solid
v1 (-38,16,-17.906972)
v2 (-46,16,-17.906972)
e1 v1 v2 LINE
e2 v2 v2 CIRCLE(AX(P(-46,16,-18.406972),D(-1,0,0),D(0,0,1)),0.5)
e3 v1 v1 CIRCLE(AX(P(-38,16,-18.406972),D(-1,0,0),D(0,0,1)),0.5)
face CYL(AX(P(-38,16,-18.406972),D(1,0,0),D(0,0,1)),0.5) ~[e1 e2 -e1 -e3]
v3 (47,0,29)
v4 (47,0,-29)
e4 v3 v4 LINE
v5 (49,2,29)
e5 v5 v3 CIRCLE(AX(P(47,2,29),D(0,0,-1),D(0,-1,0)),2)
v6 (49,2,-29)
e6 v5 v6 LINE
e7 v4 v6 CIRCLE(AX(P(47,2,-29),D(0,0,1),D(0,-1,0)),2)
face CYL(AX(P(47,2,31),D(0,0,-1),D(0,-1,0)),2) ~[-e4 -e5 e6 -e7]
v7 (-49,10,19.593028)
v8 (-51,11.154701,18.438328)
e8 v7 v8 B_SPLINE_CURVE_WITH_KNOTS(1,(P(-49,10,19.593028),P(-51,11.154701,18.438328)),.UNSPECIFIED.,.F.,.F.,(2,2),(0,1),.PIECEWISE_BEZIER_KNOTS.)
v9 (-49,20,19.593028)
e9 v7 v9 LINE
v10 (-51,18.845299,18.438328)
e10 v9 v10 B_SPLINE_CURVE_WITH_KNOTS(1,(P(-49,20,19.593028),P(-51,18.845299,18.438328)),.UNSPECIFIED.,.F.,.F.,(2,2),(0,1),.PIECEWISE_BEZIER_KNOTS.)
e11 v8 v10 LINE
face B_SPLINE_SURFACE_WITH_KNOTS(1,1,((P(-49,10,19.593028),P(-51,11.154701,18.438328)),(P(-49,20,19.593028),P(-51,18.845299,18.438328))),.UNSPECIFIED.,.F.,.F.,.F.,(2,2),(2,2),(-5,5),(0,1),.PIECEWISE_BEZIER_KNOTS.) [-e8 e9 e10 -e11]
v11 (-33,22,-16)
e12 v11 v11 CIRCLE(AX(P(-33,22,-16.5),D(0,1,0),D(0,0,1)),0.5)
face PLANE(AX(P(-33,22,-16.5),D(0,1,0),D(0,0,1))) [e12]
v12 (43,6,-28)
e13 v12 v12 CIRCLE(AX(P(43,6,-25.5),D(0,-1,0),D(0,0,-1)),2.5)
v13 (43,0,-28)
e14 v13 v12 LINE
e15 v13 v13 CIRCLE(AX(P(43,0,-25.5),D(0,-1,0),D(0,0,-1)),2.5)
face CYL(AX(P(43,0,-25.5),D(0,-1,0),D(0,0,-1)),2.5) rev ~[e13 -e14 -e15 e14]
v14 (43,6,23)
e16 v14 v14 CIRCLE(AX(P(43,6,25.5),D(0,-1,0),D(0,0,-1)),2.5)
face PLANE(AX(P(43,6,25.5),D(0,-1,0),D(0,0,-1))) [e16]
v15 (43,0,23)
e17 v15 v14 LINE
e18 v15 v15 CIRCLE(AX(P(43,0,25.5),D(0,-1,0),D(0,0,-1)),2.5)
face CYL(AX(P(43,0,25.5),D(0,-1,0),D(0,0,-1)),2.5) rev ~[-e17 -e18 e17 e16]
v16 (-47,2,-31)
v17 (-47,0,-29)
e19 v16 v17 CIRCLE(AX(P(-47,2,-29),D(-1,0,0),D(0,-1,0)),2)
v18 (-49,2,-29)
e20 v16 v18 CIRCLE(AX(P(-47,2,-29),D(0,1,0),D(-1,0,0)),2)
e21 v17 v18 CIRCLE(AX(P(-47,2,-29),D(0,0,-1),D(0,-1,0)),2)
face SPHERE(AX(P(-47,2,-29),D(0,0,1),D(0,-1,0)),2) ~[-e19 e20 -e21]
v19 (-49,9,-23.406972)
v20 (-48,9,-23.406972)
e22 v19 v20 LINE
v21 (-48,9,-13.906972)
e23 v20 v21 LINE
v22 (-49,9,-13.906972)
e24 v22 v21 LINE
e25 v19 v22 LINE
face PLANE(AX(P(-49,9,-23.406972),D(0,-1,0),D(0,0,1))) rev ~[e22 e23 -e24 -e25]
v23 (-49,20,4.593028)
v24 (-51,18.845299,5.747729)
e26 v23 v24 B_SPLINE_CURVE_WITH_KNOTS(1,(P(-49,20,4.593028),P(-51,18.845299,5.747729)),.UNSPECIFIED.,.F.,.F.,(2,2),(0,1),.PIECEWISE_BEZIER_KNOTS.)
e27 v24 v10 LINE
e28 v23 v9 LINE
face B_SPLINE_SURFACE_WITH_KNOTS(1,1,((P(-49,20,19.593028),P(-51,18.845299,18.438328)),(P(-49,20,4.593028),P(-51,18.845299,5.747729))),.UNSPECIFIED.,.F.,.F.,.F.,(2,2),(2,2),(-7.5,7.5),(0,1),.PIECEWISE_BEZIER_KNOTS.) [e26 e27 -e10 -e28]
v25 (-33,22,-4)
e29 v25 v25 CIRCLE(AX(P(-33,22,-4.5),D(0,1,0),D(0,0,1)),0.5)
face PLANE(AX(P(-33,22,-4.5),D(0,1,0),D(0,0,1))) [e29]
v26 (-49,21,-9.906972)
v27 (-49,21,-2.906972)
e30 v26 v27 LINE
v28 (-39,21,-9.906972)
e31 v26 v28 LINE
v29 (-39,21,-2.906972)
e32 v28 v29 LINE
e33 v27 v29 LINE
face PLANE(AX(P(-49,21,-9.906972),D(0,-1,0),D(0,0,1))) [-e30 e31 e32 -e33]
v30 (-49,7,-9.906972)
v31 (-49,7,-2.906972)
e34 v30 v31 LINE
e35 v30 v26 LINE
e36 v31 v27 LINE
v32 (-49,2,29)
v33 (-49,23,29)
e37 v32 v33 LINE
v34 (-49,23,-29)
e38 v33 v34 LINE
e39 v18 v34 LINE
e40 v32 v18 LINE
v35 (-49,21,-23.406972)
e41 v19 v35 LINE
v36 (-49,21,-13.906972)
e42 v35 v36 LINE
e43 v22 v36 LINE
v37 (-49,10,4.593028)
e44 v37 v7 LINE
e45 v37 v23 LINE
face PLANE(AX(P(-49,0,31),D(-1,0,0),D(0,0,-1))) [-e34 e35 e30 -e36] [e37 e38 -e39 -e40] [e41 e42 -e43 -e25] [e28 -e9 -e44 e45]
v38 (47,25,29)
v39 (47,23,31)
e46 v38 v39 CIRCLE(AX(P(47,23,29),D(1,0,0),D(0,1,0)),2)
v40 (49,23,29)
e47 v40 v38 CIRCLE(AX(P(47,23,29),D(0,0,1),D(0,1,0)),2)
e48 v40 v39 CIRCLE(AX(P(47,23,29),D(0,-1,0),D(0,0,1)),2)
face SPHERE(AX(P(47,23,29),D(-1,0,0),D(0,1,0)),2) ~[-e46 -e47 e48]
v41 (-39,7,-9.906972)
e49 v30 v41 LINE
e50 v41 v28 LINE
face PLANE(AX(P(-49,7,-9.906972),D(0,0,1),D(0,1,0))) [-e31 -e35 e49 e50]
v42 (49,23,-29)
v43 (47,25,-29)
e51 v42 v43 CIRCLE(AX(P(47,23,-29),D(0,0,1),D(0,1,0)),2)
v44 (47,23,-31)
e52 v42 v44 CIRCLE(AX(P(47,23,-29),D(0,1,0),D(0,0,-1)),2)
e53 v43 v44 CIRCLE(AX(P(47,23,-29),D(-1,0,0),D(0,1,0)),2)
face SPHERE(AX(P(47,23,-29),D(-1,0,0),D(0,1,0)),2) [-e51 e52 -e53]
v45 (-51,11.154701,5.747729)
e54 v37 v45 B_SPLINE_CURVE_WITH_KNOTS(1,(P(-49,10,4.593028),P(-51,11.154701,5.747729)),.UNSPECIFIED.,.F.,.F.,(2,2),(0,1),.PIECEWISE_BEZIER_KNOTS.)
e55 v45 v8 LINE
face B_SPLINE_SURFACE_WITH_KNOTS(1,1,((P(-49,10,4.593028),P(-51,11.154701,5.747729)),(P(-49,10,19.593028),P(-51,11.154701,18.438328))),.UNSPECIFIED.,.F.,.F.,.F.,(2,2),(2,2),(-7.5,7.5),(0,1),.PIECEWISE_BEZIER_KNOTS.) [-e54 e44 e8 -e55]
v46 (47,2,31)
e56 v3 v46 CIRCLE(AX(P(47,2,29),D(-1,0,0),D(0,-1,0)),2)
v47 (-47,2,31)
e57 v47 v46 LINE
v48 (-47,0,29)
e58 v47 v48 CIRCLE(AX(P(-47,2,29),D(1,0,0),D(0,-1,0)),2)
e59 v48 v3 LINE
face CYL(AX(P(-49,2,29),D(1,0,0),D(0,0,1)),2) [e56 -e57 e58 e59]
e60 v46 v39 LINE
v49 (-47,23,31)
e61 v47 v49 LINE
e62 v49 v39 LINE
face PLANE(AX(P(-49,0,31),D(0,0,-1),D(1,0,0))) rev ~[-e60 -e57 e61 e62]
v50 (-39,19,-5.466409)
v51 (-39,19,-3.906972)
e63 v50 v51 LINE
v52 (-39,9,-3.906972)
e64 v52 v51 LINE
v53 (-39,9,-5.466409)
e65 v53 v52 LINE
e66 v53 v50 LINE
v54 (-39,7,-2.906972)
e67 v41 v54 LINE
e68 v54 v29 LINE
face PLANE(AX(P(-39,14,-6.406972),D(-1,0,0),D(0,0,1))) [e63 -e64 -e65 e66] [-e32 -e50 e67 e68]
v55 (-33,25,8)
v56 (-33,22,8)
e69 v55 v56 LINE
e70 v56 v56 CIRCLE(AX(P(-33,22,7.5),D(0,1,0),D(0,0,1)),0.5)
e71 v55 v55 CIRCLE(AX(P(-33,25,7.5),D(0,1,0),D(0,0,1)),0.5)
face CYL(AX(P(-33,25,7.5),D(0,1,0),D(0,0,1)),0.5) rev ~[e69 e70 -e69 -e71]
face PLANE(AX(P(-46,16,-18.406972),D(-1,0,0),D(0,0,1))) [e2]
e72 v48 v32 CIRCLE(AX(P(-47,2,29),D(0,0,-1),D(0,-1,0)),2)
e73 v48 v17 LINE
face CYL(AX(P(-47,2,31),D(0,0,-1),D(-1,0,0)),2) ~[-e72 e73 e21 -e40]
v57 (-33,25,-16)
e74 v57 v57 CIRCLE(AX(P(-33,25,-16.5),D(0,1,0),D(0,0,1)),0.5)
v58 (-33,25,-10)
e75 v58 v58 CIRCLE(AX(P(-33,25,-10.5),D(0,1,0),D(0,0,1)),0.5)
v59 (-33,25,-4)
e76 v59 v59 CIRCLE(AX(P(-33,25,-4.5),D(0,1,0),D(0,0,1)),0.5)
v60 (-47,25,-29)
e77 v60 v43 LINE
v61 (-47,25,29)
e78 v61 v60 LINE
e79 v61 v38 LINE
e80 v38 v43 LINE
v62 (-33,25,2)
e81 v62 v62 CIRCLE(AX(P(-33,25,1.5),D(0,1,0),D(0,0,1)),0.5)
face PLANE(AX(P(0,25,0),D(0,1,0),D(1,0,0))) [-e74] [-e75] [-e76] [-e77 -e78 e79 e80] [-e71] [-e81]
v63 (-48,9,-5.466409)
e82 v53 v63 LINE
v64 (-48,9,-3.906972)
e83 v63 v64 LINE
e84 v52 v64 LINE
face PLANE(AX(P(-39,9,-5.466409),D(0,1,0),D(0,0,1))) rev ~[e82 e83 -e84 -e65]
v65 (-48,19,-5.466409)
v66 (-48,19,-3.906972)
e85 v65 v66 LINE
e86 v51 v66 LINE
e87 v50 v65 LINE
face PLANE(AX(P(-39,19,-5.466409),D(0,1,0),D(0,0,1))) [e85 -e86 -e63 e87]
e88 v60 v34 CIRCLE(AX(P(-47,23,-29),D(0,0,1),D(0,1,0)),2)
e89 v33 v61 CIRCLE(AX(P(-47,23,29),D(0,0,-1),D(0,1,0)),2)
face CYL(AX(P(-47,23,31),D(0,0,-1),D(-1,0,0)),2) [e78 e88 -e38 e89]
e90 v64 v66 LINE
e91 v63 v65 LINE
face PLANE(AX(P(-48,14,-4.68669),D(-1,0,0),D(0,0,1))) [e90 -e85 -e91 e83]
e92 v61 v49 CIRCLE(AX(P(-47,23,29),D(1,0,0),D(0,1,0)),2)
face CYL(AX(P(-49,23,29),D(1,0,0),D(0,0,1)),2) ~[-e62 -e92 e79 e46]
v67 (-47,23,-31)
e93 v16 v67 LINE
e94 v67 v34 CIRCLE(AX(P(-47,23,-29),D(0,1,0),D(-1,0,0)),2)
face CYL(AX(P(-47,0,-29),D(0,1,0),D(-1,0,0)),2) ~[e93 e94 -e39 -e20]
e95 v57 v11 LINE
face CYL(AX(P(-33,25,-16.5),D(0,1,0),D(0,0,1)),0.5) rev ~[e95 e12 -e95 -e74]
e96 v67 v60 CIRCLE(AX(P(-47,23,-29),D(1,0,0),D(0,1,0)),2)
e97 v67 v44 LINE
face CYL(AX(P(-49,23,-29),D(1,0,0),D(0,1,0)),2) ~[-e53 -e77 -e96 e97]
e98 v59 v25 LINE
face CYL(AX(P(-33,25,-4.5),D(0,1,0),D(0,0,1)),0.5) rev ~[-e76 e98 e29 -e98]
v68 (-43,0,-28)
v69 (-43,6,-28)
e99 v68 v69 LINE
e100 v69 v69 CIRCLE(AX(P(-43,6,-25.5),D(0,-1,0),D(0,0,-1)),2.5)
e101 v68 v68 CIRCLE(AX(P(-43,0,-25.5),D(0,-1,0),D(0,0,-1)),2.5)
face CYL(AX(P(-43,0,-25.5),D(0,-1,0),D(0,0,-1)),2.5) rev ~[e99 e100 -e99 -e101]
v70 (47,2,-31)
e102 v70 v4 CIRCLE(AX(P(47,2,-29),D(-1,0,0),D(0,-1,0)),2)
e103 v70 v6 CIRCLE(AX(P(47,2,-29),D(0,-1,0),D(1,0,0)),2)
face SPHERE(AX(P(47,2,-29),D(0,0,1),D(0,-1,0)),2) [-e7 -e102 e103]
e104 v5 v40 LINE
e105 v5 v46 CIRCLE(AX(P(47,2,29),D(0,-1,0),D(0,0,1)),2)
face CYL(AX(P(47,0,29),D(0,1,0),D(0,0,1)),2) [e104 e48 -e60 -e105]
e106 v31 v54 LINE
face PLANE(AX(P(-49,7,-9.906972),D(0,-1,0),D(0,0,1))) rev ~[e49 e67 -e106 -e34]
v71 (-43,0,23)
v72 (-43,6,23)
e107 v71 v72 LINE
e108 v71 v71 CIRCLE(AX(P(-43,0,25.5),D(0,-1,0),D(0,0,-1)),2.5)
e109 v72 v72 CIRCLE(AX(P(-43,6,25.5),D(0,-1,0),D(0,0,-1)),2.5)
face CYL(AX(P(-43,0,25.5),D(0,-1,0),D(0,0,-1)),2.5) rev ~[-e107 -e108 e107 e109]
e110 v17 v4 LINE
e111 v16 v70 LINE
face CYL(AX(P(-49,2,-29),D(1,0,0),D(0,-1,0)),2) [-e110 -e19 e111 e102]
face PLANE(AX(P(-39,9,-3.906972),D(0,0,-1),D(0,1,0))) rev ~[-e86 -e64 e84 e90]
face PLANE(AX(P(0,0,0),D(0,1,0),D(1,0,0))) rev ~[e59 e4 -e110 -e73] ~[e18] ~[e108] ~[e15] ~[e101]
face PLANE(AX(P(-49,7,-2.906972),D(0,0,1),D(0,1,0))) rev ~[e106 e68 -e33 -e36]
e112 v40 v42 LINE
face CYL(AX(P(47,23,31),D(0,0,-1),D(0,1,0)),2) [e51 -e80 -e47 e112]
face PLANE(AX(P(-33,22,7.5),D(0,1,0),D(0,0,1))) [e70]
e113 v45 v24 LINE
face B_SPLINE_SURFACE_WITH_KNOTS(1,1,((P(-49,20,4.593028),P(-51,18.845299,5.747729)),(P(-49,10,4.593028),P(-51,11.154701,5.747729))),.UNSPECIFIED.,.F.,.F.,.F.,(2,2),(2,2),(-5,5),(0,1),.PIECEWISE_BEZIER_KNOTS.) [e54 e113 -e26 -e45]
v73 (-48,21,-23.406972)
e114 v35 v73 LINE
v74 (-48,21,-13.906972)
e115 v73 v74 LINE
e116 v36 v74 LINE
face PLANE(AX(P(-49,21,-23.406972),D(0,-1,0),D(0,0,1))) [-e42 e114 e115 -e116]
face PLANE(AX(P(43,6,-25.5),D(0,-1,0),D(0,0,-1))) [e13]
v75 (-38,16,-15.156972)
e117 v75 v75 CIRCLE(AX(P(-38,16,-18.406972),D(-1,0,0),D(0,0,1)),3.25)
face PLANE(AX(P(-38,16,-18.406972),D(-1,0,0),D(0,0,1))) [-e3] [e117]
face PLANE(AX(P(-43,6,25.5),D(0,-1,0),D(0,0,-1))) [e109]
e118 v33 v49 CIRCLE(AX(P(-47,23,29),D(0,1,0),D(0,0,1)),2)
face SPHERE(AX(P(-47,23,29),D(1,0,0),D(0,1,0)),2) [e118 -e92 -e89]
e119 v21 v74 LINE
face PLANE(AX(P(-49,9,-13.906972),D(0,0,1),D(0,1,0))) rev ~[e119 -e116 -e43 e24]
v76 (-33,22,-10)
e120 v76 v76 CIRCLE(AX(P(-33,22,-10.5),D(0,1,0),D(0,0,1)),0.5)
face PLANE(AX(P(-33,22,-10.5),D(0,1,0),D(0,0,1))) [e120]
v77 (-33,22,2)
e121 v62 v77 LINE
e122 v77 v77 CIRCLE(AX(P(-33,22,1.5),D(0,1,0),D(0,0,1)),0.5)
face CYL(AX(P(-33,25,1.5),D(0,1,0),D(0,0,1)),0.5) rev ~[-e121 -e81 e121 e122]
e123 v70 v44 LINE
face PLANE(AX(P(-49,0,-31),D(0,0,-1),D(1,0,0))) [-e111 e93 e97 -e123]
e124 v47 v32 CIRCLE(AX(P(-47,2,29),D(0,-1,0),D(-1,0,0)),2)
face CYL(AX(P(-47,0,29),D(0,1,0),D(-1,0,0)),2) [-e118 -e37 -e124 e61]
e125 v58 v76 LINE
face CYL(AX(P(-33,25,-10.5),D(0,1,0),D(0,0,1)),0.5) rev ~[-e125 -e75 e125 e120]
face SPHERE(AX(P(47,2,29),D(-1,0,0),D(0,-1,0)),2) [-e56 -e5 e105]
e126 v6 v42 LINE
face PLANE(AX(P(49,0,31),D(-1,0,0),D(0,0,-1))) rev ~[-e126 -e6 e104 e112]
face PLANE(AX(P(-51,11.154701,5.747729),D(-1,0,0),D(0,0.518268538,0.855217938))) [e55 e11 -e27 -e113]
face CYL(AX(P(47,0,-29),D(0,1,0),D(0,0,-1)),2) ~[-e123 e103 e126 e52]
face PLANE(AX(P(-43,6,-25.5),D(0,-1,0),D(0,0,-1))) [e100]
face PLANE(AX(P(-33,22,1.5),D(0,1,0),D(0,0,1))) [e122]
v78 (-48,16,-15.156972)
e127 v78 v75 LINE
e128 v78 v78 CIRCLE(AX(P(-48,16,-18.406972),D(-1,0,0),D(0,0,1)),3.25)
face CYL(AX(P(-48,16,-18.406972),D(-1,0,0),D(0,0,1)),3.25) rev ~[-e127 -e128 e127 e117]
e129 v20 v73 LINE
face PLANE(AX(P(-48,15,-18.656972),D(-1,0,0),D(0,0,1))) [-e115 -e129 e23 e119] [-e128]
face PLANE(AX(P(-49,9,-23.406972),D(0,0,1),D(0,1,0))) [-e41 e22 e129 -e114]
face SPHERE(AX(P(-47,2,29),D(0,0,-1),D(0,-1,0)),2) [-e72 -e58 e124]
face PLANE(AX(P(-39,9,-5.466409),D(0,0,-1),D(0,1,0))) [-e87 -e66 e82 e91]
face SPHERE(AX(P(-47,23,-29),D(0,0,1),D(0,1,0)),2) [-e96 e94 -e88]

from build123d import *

# Parameters (mm, degrees)
SKETCH2_W           = 98
SKETCH2_H           = 62
BOSS_EXTRUDE1_DEPTH = 25
SKETCH3_W           = 9.5
SKETCH3_H           = 12
BOSS_EXTRUDE4_DEPTH = 1
SKETCH3_5_W         = 9.5
SKETCH3_5_H         = 12
CUT_EXTRUDE1_DEPTH  = 1
SKETCH4_R           = 3.25
CUT_EXTRUDE2_DEPTH  = 10
SKETCH5_R           = 0.5
BOSS_EXTRUDE5_DEPTH = 8
SKETCH6_W           = 7
SKETCH6_H           = 14
CUT_EXTRUDE9_DEPTH  = 10
SKETCH7_W           = 1.559437484
SKETCH7_H           = 10
BOSS_EXTRUDE6_DEPTH = 9
SKETCH8_W           = 15
SKETCH8_H           = 10
BOSS_EXTRUDE7_DEPTH = 2
BOSS_EXTRUDE7_TAPER = 30
FILLET5_R           = 2
SKETCH10_R          = 2.5
CUT_EXTRUDE10_DEPTH = 6
SKETCH11_R          = 0.5
CUT_EXTRUDE11_DEPTH = 3


with BuildPart() as part:
    # Sketch2 → Boss-Extrude1 (new body)
    with BuildSketch(Plane(origin=(0, 0, 0), x_dir=(1, 0, 0), z_dir=(0, 1, 0))):
        Rectangle(SKETCH2_W, SKETCH2_H)
    extrude(amount=BOSS_EXTRUDE1_DEPTH)

    # Sketch3 → Boss-Extrude4 (add)
    with BuildSketch(Plane.ZY.offset(49)):
        with Locations((-18.656971736, 15)):
            Rectangle(SKETCH3_W, SKETCH3_H)
    extrude(amount=-BOSS_EXTRUDE4_DEPTH)

    # Sketch3<5> → Cut-Extrude1 (cut)
    with BuildSketch(Plane.ZY.offset(49)):
        with Locations((-18.656971736, 15)):
            Rectangle(SKETCH3_5_W, SKETCH3_5_H)
    extrude(amount=-CUT_EXTRUDE1_DEPTH, mode=Mode.SUBTRACT)

    # Sketch4 → Cut-Extrude2 (cut)
    with BuildSketch(Plane.ZY.offset(48)):
        with Locations((-18.406971736, 16)):
            Circle(SKETCH4_R)
    extrude(amount=-CUT_EXTRUDE2_DEPTH, mode=Mode.SUBTRACT)

    # Sketch5 → Boss-Extrude5 (add)
    with BuildSketch(Plane.ZY.offset(38)):
        with Locations((-18.406971736, 16)):
            Circle(SKETCH5_R)
    extrude(amount=BOSS_EXTRUDE5_DEPTH)

    # Sketch6 → Cut-Extrude9 (cut)
    with BuildSketch(Plane.ZY.offset(49)):
        with Locations((-6.406971736, 14)):
            Rectangle(SKETCH6_W, SKETCH6_H)
    extrude(amount=-CUT_EXTRUDE9_DEPTH, mode=Mode.SUBTRACT)

    # Sketch7 → Boss-Extrude6 (add)
    with BuildSketch(Plane.ZY.offset(39)):
        with Locations((-4.686690478, 14)):
            Rectangle(SKETCH7_W, SKETCH7_H)
    extrude(amount=BOSS_EXTRUDE6_DEPTH)

    # Sketch8 → Boss-Extrude7 (add)
    with BuildSketch(Plane.ZY.offset(49)):
        with Locations((12.093028264, 15)):
            Rectangle(SKETCH8_W, SKETCH8_H)
    extrude(amount=BOSS_EXTRUDE7_DEPTH, taper=BOSS_EXTRUDE7_TAPER)

    # Fillet5
    fillet5_edges = [part.edges().sort_by_distance(p)[0] for p in [
        (49, 12.5, -31),
        (0, 25, -31),
        (-49, 12.5, -31),
        (0, 0, -31),
        (-49, 0, 0),
        (-49, 12.5, 31),
        (0, 0, 31),
        (49, 0, 0),
        (49, 25, 0),
        (49, 12.5, 31),
        (-49, 25, 0),
        (0, 25, 31),
    ]]
    fillet(fillet5_edges, radius=FILLET5_R)

    # Sketch10 → Cut-Extrude10 (cut)
    with BuildSketch(Plane.XZ):
        with Locations((-43, -25.5)):
            Circle(SKETCH10_R)
        with Locations((-43, 25.5)):
            Circle(SKETCH10_R)
        with Locations((43, 25.5)):
            Circle(SKETCH10_R)
        with Locations((43, -25.5)):
            Circle(SKETCH10_R)
    extrude(amount=-CUT_EXTRUDE10_DEPTH, mode=Mode.SUBTRACT)

    # Sketch11 → Cut-Extrude11 (cut)
    with BuildSketch(Plane(origin=(0, 25, 0), x_dir=(1, 0, 0), z_dir=(0, 1, 0))):
        with Locations((-33, 16.5)):
            Circle(SKETCH11_R)
        with Locations((-33, 10.5)):
            Circle(SKETCH11_R)
        with Locations((-33, 4.5)):
            Circle(SKETCH11_R)
        with Locations((-33, -1.5)):
            Circle(SKETCH11_R)
        with Locations((-33, -7.5)):
            Circle(SKETCH11_R)
    extrude(amount=-CUT_EXTRUDE11_DEPTH, mode=Mode.SUBTRACT)


solid = part.part
